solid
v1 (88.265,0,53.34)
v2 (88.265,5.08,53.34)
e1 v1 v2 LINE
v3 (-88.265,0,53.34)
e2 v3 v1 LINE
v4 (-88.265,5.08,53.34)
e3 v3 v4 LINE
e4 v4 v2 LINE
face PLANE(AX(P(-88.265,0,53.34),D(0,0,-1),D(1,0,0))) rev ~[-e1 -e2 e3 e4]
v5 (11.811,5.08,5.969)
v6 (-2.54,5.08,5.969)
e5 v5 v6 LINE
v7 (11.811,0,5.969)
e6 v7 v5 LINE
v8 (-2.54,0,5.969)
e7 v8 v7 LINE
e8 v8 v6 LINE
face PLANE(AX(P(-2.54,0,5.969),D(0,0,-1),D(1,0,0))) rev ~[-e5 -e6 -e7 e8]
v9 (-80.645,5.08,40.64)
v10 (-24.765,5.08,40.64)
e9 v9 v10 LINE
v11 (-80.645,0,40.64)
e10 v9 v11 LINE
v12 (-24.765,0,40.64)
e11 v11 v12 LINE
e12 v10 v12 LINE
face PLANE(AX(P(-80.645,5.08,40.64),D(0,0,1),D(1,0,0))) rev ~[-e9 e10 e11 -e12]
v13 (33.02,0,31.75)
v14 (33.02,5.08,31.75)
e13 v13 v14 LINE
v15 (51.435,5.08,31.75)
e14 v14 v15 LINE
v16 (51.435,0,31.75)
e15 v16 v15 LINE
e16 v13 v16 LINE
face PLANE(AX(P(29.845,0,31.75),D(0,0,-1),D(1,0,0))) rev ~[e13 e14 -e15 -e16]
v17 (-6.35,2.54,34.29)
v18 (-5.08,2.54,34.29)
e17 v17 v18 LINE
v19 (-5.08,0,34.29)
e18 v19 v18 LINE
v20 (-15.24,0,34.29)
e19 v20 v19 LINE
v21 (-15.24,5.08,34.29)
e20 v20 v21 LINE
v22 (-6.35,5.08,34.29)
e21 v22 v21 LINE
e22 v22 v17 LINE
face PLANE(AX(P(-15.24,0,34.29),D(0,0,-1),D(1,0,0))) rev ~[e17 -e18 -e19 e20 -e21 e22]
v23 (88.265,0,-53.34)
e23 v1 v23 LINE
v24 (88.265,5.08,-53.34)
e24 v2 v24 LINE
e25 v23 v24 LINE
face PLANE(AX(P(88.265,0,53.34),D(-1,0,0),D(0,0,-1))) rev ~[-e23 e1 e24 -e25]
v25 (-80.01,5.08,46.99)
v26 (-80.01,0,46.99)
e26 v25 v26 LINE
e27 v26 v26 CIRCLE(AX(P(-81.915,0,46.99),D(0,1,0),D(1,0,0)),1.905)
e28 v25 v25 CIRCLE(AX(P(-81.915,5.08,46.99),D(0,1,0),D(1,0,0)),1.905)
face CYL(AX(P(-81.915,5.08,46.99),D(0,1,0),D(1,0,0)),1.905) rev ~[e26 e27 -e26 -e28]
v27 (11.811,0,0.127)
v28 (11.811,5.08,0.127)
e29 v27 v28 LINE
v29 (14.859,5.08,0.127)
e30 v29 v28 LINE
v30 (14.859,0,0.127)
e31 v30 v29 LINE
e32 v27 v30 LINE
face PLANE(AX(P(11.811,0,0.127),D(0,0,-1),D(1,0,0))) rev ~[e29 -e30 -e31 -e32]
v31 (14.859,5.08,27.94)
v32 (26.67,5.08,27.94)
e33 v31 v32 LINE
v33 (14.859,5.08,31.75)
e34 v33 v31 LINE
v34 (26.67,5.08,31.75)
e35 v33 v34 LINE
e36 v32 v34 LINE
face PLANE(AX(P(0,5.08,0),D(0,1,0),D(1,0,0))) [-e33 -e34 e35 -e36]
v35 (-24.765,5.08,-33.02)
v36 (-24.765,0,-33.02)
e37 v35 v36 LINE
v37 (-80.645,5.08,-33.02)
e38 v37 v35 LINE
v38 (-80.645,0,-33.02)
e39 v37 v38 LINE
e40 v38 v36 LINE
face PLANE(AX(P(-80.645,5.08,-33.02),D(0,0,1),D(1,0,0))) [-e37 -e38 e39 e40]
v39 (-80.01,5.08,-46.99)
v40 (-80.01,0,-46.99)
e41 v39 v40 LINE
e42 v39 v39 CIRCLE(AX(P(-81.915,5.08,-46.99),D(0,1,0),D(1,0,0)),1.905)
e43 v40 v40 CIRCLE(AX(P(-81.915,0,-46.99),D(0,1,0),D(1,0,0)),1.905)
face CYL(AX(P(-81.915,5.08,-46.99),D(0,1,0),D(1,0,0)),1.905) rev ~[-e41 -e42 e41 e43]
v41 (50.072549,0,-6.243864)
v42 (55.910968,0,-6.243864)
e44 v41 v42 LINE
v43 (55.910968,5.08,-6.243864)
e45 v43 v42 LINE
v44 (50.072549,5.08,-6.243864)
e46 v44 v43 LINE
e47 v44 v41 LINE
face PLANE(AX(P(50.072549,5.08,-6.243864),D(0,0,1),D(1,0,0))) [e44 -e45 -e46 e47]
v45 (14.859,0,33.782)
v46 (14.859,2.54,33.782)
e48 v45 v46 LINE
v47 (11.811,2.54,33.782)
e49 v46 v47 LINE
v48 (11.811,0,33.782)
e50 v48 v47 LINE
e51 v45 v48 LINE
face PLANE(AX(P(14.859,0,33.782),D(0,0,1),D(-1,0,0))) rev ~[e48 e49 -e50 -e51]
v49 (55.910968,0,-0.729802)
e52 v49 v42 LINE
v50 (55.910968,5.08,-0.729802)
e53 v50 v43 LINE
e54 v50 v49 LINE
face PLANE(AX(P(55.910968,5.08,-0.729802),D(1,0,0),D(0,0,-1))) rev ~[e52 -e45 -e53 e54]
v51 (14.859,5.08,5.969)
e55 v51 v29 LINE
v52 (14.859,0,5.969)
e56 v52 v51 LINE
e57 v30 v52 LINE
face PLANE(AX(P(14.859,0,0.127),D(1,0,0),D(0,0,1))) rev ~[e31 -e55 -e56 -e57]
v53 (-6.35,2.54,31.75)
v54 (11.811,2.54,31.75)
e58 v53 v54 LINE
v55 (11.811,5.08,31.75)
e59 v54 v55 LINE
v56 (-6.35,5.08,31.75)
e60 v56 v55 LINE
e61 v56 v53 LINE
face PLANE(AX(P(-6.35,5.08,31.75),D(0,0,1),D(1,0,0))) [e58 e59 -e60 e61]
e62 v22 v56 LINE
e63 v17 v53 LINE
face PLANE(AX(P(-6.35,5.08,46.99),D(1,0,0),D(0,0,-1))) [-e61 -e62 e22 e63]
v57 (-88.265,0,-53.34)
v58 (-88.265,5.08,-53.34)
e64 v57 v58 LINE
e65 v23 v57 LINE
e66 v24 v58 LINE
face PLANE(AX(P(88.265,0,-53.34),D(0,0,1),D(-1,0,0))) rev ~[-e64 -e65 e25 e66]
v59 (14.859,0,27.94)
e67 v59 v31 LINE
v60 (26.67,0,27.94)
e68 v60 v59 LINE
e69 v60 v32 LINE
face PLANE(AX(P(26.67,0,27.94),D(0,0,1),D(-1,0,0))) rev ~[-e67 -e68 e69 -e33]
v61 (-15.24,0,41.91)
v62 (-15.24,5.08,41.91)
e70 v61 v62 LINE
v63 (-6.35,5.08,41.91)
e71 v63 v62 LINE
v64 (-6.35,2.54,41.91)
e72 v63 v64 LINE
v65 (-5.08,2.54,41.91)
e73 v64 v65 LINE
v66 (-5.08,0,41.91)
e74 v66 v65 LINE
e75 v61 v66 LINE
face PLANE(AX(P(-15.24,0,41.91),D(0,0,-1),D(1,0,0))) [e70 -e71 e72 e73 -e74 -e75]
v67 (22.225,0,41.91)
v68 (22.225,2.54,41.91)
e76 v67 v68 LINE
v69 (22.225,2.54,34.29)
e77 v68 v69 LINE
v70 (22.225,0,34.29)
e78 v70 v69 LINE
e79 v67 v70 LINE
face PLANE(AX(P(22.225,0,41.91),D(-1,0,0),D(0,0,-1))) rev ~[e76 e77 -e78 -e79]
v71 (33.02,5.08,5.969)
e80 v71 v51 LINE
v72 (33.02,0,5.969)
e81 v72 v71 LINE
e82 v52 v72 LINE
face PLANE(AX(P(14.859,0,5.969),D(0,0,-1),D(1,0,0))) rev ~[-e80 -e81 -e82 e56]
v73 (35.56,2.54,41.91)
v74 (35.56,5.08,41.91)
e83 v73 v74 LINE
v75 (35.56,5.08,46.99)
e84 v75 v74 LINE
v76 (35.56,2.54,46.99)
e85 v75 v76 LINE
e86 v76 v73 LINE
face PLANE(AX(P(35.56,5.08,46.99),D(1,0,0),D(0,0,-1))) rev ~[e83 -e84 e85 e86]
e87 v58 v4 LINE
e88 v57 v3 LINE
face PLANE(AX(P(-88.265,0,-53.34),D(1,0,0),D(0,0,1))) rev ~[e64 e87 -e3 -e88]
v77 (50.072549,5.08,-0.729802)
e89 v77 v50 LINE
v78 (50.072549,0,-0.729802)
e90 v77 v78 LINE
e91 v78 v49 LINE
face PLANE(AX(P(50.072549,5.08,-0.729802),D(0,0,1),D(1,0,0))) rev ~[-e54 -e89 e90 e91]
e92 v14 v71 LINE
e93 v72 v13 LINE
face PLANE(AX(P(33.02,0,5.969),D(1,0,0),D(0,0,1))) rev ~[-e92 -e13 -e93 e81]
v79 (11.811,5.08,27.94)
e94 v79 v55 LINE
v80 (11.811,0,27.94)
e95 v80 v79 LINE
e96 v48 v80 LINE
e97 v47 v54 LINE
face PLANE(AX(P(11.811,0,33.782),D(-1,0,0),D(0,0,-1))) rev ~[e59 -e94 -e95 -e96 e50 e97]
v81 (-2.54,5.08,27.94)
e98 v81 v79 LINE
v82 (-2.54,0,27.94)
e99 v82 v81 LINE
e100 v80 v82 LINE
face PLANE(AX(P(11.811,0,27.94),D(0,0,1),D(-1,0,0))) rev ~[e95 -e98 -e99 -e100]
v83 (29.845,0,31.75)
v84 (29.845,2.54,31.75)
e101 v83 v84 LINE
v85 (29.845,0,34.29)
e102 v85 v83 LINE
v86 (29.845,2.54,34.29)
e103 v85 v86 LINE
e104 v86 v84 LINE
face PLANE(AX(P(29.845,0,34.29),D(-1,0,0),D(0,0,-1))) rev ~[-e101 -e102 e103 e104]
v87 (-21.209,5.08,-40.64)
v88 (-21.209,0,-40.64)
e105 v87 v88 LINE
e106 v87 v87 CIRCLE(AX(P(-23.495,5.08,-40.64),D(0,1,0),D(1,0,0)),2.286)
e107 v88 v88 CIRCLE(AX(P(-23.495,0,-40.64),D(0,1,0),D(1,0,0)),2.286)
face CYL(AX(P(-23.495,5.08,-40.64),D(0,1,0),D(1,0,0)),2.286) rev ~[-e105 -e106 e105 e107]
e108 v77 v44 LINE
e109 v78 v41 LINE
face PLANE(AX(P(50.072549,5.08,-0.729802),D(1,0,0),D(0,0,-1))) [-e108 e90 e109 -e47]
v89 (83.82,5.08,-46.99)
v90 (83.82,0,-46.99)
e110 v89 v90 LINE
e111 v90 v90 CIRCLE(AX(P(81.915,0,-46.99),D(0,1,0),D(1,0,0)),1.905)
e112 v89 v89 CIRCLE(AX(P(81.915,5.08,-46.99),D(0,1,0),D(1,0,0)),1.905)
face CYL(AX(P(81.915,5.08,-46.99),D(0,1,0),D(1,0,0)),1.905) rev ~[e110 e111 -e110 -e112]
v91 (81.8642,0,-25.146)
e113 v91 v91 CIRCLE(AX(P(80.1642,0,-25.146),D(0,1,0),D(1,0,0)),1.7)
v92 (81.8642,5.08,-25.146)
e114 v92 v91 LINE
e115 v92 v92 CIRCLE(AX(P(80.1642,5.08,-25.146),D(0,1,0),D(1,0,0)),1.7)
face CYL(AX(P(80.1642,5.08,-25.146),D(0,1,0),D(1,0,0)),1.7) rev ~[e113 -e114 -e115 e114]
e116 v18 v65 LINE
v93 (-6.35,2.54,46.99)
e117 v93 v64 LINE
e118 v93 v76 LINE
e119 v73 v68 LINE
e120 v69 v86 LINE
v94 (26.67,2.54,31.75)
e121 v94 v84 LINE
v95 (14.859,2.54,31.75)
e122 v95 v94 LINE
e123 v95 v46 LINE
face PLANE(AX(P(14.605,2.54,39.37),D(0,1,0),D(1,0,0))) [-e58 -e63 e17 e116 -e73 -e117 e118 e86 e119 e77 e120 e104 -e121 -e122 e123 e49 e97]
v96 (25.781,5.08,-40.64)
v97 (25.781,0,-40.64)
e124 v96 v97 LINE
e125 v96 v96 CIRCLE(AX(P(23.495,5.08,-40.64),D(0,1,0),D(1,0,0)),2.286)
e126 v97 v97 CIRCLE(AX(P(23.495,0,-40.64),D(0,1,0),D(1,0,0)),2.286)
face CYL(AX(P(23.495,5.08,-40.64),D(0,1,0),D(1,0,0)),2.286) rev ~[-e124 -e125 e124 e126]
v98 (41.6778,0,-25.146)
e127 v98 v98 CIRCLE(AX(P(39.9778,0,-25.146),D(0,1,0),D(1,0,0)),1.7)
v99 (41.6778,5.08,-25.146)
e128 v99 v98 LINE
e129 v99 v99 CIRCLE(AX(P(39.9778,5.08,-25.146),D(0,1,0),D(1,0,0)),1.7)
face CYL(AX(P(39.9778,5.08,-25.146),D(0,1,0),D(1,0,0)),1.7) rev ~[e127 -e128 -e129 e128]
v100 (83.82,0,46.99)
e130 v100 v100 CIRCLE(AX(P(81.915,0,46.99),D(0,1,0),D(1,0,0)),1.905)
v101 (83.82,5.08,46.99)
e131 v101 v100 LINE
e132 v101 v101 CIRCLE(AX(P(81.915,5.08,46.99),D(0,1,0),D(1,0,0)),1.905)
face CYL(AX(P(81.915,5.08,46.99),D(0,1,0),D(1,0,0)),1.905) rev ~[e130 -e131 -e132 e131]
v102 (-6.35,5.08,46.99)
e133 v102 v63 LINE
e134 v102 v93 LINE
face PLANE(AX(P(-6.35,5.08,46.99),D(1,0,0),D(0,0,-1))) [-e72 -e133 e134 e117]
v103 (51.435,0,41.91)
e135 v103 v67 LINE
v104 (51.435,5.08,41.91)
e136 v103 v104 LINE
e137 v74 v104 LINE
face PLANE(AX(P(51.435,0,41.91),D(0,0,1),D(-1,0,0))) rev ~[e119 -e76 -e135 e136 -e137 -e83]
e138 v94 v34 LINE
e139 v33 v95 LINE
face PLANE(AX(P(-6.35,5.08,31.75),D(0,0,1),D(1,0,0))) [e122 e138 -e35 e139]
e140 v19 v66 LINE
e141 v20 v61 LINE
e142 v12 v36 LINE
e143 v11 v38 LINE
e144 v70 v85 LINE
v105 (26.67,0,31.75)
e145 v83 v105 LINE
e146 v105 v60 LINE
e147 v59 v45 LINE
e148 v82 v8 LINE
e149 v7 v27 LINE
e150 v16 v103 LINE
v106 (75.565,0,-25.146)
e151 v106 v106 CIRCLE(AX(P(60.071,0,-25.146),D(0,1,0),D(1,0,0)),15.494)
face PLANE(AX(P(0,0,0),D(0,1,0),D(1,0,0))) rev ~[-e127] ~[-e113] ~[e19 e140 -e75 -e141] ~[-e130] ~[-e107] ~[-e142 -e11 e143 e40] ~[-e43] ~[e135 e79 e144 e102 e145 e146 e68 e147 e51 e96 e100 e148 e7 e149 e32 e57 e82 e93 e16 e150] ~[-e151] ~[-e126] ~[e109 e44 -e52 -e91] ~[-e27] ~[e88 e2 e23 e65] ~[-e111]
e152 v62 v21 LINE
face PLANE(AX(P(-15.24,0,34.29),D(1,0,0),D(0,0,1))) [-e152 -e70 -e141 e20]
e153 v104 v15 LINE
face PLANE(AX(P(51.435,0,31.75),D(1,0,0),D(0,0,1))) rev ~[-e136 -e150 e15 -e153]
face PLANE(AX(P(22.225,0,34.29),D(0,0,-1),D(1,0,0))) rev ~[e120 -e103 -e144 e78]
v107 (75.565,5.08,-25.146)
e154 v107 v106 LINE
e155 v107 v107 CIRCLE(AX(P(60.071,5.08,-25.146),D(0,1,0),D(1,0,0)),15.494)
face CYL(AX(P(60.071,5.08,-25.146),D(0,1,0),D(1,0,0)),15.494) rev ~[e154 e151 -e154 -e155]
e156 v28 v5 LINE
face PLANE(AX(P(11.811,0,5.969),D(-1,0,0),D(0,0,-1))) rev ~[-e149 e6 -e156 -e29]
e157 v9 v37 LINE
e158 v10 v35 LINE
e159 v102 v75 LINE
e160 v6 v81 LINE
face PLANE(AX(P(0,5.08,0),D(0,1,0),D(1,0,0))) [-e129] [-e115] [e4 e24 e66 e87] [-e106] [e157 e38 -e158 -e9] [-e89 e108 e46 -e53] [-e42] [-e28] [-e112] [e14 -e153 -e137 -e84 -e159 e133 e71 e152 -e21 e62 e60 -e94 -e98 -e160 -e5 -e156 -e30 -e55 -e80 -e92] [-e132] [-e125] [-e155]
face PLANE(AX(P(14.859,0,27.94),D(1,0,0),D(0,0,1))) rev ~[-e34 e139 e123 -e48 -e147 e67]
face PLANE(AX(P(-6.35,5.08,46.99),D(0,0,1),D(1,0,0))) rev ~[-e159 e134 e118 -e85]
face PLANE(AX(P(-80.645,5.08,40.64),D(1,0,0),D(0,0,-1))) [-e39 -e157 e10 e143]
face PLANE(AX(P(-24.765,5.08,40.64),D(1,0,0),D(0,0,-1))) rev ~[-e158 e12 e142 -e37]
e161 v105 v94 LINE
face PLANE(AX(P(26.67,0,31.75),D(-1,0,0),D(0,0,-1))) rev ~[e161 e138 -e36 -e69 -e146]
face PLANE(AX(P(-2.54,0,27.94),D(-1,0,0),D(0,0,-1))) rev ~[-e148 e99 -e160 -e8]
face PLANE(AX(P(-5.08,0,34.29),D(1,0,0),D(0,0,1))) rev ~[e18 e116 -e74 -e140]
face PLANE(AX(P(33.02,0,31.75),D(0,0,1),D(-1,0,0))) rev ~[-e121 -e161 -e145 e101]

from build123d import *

# Parameters (mm, degrees)
BOSS_EXTRUDE1_DEPTH = 5.08
SKETCH3_R           = 1.905
CUT_EXTRUDE1_DEPTH  = 6.08
SKETCH4_R           = 1.905
SKETCH4_R_2         = 2.286
CUT_EXTRUDE2_DEPTH  = 6.08
CUT_EXTRUDE3_DEPTH  = 6.08
SKETCH6_R           = 15.494
SKETCH6_R_2         = 1.7
CUT_EXTRUDE4_DEPTH  = 6.08
SKETCH7_W           = 55.88
SKETCH7_H           = 73.66
CUT_EXTRUDE5_DEPTH  = 6.08
SKETCH8_W           = 5.838418679
SKETCH8_H           = 5.514062087
CUT_EXTRUDE6_DEPTH  = 6.08
CUT_EXTRUDE7_DEPTH  = 6.08
SKETCH12_W          = 10.16
SKETCH12_H          = 7.62
CUT_EXTRUDE8_DEPTH  = 6.08
SKETCH13_W          = 41.91
SKETCH13_H          = 15.24
CUT_EXTRUDE9_DEPTH  = 2.54


with BuildPart() as part:
    # Sketch1 → Boss-Extrude1 (new body)
    with BuildSketch(Plane(origin=(0, 0, 0), x_dir=(1, 0, 0), z_dir=(0, 1, 0))):
        Polygon((-15.621, -53.34), (15.621, -53.34), (88.265, -53.34), (88.265, 53.34), (-88.265, 53.34), (-88.265, -53.34), align=None)
    extrude(amount=BOSS_EXTRUDE1_DEPTH)

    # Sketch3 → Cut-Extrude1 (cut, through all)
    with BuildSketch(Plane(origin=(0, 5.08, 0), x_dir=(1, 0, 0), z_dir=(0, 1, 0))):
        with Locations((-81.915, 46.99)):
            Circle(SKETCH3_R)
    extrude(amount=-CUT_EXTRUDE1_DEPTH, mode=Mode.SUBTRACT)

    # Sketch4 → Cut-Extrude2 (cut, through all)
    with BuildSketch(Plane(origin=(0, 5.08, 0), x_dir=(1, 0, 0), z_dir=(0, 1, 0))):
        with Locations((81.915, 46.99)):
            Circle(SKETCH4_R)
        with Locations((-81.915, -46.99)):
            Circle(SKETCH4_R)
        with Locations((81.915, -46.99)):
            Circle(SKETCH4_R)
        with Locations((23.495, 40.64)):
            Circle(SKETCH4_R_2)
        with Locations((-23.495, 40.64)):
            Circle(SKETCH4_R_2)
    extrude(amount=-CUT_EXTRUDE2_DEPTH, mode=Mode.SUBTRACT)

    # Sketch5 → Cut-Extrude3 (cut, through all)
    with BuildSketch(Plane.XZ):
        Polygon((-2.54, 27.94), (-2.54, 5.969), (11.811, 5.969), (11.811, 0.127), (14.859, 0.127), (14.859, 5.969), (33.02, 5.969), (33.02, 29.21), (33.02, 31.75), (26.67, 31.75), (26.67, 27.94), (25.80916534, 27.94), (14.859, 27.94), (14.859, 33.782), (11.811, 33.782), (11.811, 27.94), align=None)
    extrude(amount=-CUT_EXTRUDE3_DEPTH, mode=Mode.SUBTRACT)

    # Sketch6 → Cut-Extrude4 (cut, through all)
    with BuildSketch(Plane(origin=(0, 5.08, 0), x_dir=(1, 0, 0), z_dir=(0, 1, 0))):
        with Locations((60.071, 25.146)):
            Circle(SKETCH6_R)
        with Locations((39.9778, 25.146)):
            Circle(SKETCH6_R_2)
        with Locations((80.1642, 25.146)):
            Circle(SKETCH6_R_2)
    extrude(amount=-CUT_EXTRUDE4_DEPTH, mode=Mode.SUBTRACT)

    # Sketch7 → Cut-Extrude5 (cut, through all)
    with BuildSketch(Plane(origin=(0, 5.08, 0), x_dir=(1, 0, 0), z_dir=(0, 1, 0))):
        with Locations((-52.705, -3.81)):
            Rectangle(SKETCH7_W, SKETCH7_H)
    extrude(amount=-CUT_EXTRUDE5_DEPTH, mode=Mode.SUBTRACT)

    # Sketch8 → Cut-Extrude6 (cut, through all)
    with BuildSketch(Plane(origin=(0, 5.08, 0), x_dir=(1, 0, 0), z_dir=(0, 1, 0))):
        with Locations((52.991758435, 3.486833379)):
            Rectangle(SKETCH8_W, SKETCH8_H)
    extrude(amount=-CUT_EXTRUDE6_DEPTH, mode=Mode.SUBTRACT)

    # Sketch11 → Cut-Extrude7 (cut, through all)
    with BuildSketch(Plane.XZ):
        Polygon((29.845, 31.75), (51.435, 31.75), (51.435, 41.91), (29.845, 41.91), (22.225, 41.91), (22.225, 34.29), (29.845, 34.29), align=None)
    extrude(amount=-CUT_EXTRUDE7_DEPTH, mode=Mode.SUBTRACT)

    # Sketch12 → Cut-Extrude8 (cut, through all)
    with BuildSketch(Plane.XZ):
        with Locations((-10.16, 38.1)):
            Rectangle(SKETCH12_W, SKETCH12_H)
    extrude(amount=-CUT_EXTRUDE8_DEPTH, mode=Mode.SUBTRACT)

    # Sketch13 → Cut-Extrude9 (cut)
    with BuildSketch(Plane(origin=(0, 5.08, 0), x_dir=(1, 0, 0), z_dir=(0, 1, 0))):
        with Locations((14.605, -39.37)):
            Rectangle(SKETCH13_W, SKETCH13_H)
    extrude(amount=-CUT_EXTRUDE9_DEPTH, mode=Mode.SUBTRACT)


solid = part.part
